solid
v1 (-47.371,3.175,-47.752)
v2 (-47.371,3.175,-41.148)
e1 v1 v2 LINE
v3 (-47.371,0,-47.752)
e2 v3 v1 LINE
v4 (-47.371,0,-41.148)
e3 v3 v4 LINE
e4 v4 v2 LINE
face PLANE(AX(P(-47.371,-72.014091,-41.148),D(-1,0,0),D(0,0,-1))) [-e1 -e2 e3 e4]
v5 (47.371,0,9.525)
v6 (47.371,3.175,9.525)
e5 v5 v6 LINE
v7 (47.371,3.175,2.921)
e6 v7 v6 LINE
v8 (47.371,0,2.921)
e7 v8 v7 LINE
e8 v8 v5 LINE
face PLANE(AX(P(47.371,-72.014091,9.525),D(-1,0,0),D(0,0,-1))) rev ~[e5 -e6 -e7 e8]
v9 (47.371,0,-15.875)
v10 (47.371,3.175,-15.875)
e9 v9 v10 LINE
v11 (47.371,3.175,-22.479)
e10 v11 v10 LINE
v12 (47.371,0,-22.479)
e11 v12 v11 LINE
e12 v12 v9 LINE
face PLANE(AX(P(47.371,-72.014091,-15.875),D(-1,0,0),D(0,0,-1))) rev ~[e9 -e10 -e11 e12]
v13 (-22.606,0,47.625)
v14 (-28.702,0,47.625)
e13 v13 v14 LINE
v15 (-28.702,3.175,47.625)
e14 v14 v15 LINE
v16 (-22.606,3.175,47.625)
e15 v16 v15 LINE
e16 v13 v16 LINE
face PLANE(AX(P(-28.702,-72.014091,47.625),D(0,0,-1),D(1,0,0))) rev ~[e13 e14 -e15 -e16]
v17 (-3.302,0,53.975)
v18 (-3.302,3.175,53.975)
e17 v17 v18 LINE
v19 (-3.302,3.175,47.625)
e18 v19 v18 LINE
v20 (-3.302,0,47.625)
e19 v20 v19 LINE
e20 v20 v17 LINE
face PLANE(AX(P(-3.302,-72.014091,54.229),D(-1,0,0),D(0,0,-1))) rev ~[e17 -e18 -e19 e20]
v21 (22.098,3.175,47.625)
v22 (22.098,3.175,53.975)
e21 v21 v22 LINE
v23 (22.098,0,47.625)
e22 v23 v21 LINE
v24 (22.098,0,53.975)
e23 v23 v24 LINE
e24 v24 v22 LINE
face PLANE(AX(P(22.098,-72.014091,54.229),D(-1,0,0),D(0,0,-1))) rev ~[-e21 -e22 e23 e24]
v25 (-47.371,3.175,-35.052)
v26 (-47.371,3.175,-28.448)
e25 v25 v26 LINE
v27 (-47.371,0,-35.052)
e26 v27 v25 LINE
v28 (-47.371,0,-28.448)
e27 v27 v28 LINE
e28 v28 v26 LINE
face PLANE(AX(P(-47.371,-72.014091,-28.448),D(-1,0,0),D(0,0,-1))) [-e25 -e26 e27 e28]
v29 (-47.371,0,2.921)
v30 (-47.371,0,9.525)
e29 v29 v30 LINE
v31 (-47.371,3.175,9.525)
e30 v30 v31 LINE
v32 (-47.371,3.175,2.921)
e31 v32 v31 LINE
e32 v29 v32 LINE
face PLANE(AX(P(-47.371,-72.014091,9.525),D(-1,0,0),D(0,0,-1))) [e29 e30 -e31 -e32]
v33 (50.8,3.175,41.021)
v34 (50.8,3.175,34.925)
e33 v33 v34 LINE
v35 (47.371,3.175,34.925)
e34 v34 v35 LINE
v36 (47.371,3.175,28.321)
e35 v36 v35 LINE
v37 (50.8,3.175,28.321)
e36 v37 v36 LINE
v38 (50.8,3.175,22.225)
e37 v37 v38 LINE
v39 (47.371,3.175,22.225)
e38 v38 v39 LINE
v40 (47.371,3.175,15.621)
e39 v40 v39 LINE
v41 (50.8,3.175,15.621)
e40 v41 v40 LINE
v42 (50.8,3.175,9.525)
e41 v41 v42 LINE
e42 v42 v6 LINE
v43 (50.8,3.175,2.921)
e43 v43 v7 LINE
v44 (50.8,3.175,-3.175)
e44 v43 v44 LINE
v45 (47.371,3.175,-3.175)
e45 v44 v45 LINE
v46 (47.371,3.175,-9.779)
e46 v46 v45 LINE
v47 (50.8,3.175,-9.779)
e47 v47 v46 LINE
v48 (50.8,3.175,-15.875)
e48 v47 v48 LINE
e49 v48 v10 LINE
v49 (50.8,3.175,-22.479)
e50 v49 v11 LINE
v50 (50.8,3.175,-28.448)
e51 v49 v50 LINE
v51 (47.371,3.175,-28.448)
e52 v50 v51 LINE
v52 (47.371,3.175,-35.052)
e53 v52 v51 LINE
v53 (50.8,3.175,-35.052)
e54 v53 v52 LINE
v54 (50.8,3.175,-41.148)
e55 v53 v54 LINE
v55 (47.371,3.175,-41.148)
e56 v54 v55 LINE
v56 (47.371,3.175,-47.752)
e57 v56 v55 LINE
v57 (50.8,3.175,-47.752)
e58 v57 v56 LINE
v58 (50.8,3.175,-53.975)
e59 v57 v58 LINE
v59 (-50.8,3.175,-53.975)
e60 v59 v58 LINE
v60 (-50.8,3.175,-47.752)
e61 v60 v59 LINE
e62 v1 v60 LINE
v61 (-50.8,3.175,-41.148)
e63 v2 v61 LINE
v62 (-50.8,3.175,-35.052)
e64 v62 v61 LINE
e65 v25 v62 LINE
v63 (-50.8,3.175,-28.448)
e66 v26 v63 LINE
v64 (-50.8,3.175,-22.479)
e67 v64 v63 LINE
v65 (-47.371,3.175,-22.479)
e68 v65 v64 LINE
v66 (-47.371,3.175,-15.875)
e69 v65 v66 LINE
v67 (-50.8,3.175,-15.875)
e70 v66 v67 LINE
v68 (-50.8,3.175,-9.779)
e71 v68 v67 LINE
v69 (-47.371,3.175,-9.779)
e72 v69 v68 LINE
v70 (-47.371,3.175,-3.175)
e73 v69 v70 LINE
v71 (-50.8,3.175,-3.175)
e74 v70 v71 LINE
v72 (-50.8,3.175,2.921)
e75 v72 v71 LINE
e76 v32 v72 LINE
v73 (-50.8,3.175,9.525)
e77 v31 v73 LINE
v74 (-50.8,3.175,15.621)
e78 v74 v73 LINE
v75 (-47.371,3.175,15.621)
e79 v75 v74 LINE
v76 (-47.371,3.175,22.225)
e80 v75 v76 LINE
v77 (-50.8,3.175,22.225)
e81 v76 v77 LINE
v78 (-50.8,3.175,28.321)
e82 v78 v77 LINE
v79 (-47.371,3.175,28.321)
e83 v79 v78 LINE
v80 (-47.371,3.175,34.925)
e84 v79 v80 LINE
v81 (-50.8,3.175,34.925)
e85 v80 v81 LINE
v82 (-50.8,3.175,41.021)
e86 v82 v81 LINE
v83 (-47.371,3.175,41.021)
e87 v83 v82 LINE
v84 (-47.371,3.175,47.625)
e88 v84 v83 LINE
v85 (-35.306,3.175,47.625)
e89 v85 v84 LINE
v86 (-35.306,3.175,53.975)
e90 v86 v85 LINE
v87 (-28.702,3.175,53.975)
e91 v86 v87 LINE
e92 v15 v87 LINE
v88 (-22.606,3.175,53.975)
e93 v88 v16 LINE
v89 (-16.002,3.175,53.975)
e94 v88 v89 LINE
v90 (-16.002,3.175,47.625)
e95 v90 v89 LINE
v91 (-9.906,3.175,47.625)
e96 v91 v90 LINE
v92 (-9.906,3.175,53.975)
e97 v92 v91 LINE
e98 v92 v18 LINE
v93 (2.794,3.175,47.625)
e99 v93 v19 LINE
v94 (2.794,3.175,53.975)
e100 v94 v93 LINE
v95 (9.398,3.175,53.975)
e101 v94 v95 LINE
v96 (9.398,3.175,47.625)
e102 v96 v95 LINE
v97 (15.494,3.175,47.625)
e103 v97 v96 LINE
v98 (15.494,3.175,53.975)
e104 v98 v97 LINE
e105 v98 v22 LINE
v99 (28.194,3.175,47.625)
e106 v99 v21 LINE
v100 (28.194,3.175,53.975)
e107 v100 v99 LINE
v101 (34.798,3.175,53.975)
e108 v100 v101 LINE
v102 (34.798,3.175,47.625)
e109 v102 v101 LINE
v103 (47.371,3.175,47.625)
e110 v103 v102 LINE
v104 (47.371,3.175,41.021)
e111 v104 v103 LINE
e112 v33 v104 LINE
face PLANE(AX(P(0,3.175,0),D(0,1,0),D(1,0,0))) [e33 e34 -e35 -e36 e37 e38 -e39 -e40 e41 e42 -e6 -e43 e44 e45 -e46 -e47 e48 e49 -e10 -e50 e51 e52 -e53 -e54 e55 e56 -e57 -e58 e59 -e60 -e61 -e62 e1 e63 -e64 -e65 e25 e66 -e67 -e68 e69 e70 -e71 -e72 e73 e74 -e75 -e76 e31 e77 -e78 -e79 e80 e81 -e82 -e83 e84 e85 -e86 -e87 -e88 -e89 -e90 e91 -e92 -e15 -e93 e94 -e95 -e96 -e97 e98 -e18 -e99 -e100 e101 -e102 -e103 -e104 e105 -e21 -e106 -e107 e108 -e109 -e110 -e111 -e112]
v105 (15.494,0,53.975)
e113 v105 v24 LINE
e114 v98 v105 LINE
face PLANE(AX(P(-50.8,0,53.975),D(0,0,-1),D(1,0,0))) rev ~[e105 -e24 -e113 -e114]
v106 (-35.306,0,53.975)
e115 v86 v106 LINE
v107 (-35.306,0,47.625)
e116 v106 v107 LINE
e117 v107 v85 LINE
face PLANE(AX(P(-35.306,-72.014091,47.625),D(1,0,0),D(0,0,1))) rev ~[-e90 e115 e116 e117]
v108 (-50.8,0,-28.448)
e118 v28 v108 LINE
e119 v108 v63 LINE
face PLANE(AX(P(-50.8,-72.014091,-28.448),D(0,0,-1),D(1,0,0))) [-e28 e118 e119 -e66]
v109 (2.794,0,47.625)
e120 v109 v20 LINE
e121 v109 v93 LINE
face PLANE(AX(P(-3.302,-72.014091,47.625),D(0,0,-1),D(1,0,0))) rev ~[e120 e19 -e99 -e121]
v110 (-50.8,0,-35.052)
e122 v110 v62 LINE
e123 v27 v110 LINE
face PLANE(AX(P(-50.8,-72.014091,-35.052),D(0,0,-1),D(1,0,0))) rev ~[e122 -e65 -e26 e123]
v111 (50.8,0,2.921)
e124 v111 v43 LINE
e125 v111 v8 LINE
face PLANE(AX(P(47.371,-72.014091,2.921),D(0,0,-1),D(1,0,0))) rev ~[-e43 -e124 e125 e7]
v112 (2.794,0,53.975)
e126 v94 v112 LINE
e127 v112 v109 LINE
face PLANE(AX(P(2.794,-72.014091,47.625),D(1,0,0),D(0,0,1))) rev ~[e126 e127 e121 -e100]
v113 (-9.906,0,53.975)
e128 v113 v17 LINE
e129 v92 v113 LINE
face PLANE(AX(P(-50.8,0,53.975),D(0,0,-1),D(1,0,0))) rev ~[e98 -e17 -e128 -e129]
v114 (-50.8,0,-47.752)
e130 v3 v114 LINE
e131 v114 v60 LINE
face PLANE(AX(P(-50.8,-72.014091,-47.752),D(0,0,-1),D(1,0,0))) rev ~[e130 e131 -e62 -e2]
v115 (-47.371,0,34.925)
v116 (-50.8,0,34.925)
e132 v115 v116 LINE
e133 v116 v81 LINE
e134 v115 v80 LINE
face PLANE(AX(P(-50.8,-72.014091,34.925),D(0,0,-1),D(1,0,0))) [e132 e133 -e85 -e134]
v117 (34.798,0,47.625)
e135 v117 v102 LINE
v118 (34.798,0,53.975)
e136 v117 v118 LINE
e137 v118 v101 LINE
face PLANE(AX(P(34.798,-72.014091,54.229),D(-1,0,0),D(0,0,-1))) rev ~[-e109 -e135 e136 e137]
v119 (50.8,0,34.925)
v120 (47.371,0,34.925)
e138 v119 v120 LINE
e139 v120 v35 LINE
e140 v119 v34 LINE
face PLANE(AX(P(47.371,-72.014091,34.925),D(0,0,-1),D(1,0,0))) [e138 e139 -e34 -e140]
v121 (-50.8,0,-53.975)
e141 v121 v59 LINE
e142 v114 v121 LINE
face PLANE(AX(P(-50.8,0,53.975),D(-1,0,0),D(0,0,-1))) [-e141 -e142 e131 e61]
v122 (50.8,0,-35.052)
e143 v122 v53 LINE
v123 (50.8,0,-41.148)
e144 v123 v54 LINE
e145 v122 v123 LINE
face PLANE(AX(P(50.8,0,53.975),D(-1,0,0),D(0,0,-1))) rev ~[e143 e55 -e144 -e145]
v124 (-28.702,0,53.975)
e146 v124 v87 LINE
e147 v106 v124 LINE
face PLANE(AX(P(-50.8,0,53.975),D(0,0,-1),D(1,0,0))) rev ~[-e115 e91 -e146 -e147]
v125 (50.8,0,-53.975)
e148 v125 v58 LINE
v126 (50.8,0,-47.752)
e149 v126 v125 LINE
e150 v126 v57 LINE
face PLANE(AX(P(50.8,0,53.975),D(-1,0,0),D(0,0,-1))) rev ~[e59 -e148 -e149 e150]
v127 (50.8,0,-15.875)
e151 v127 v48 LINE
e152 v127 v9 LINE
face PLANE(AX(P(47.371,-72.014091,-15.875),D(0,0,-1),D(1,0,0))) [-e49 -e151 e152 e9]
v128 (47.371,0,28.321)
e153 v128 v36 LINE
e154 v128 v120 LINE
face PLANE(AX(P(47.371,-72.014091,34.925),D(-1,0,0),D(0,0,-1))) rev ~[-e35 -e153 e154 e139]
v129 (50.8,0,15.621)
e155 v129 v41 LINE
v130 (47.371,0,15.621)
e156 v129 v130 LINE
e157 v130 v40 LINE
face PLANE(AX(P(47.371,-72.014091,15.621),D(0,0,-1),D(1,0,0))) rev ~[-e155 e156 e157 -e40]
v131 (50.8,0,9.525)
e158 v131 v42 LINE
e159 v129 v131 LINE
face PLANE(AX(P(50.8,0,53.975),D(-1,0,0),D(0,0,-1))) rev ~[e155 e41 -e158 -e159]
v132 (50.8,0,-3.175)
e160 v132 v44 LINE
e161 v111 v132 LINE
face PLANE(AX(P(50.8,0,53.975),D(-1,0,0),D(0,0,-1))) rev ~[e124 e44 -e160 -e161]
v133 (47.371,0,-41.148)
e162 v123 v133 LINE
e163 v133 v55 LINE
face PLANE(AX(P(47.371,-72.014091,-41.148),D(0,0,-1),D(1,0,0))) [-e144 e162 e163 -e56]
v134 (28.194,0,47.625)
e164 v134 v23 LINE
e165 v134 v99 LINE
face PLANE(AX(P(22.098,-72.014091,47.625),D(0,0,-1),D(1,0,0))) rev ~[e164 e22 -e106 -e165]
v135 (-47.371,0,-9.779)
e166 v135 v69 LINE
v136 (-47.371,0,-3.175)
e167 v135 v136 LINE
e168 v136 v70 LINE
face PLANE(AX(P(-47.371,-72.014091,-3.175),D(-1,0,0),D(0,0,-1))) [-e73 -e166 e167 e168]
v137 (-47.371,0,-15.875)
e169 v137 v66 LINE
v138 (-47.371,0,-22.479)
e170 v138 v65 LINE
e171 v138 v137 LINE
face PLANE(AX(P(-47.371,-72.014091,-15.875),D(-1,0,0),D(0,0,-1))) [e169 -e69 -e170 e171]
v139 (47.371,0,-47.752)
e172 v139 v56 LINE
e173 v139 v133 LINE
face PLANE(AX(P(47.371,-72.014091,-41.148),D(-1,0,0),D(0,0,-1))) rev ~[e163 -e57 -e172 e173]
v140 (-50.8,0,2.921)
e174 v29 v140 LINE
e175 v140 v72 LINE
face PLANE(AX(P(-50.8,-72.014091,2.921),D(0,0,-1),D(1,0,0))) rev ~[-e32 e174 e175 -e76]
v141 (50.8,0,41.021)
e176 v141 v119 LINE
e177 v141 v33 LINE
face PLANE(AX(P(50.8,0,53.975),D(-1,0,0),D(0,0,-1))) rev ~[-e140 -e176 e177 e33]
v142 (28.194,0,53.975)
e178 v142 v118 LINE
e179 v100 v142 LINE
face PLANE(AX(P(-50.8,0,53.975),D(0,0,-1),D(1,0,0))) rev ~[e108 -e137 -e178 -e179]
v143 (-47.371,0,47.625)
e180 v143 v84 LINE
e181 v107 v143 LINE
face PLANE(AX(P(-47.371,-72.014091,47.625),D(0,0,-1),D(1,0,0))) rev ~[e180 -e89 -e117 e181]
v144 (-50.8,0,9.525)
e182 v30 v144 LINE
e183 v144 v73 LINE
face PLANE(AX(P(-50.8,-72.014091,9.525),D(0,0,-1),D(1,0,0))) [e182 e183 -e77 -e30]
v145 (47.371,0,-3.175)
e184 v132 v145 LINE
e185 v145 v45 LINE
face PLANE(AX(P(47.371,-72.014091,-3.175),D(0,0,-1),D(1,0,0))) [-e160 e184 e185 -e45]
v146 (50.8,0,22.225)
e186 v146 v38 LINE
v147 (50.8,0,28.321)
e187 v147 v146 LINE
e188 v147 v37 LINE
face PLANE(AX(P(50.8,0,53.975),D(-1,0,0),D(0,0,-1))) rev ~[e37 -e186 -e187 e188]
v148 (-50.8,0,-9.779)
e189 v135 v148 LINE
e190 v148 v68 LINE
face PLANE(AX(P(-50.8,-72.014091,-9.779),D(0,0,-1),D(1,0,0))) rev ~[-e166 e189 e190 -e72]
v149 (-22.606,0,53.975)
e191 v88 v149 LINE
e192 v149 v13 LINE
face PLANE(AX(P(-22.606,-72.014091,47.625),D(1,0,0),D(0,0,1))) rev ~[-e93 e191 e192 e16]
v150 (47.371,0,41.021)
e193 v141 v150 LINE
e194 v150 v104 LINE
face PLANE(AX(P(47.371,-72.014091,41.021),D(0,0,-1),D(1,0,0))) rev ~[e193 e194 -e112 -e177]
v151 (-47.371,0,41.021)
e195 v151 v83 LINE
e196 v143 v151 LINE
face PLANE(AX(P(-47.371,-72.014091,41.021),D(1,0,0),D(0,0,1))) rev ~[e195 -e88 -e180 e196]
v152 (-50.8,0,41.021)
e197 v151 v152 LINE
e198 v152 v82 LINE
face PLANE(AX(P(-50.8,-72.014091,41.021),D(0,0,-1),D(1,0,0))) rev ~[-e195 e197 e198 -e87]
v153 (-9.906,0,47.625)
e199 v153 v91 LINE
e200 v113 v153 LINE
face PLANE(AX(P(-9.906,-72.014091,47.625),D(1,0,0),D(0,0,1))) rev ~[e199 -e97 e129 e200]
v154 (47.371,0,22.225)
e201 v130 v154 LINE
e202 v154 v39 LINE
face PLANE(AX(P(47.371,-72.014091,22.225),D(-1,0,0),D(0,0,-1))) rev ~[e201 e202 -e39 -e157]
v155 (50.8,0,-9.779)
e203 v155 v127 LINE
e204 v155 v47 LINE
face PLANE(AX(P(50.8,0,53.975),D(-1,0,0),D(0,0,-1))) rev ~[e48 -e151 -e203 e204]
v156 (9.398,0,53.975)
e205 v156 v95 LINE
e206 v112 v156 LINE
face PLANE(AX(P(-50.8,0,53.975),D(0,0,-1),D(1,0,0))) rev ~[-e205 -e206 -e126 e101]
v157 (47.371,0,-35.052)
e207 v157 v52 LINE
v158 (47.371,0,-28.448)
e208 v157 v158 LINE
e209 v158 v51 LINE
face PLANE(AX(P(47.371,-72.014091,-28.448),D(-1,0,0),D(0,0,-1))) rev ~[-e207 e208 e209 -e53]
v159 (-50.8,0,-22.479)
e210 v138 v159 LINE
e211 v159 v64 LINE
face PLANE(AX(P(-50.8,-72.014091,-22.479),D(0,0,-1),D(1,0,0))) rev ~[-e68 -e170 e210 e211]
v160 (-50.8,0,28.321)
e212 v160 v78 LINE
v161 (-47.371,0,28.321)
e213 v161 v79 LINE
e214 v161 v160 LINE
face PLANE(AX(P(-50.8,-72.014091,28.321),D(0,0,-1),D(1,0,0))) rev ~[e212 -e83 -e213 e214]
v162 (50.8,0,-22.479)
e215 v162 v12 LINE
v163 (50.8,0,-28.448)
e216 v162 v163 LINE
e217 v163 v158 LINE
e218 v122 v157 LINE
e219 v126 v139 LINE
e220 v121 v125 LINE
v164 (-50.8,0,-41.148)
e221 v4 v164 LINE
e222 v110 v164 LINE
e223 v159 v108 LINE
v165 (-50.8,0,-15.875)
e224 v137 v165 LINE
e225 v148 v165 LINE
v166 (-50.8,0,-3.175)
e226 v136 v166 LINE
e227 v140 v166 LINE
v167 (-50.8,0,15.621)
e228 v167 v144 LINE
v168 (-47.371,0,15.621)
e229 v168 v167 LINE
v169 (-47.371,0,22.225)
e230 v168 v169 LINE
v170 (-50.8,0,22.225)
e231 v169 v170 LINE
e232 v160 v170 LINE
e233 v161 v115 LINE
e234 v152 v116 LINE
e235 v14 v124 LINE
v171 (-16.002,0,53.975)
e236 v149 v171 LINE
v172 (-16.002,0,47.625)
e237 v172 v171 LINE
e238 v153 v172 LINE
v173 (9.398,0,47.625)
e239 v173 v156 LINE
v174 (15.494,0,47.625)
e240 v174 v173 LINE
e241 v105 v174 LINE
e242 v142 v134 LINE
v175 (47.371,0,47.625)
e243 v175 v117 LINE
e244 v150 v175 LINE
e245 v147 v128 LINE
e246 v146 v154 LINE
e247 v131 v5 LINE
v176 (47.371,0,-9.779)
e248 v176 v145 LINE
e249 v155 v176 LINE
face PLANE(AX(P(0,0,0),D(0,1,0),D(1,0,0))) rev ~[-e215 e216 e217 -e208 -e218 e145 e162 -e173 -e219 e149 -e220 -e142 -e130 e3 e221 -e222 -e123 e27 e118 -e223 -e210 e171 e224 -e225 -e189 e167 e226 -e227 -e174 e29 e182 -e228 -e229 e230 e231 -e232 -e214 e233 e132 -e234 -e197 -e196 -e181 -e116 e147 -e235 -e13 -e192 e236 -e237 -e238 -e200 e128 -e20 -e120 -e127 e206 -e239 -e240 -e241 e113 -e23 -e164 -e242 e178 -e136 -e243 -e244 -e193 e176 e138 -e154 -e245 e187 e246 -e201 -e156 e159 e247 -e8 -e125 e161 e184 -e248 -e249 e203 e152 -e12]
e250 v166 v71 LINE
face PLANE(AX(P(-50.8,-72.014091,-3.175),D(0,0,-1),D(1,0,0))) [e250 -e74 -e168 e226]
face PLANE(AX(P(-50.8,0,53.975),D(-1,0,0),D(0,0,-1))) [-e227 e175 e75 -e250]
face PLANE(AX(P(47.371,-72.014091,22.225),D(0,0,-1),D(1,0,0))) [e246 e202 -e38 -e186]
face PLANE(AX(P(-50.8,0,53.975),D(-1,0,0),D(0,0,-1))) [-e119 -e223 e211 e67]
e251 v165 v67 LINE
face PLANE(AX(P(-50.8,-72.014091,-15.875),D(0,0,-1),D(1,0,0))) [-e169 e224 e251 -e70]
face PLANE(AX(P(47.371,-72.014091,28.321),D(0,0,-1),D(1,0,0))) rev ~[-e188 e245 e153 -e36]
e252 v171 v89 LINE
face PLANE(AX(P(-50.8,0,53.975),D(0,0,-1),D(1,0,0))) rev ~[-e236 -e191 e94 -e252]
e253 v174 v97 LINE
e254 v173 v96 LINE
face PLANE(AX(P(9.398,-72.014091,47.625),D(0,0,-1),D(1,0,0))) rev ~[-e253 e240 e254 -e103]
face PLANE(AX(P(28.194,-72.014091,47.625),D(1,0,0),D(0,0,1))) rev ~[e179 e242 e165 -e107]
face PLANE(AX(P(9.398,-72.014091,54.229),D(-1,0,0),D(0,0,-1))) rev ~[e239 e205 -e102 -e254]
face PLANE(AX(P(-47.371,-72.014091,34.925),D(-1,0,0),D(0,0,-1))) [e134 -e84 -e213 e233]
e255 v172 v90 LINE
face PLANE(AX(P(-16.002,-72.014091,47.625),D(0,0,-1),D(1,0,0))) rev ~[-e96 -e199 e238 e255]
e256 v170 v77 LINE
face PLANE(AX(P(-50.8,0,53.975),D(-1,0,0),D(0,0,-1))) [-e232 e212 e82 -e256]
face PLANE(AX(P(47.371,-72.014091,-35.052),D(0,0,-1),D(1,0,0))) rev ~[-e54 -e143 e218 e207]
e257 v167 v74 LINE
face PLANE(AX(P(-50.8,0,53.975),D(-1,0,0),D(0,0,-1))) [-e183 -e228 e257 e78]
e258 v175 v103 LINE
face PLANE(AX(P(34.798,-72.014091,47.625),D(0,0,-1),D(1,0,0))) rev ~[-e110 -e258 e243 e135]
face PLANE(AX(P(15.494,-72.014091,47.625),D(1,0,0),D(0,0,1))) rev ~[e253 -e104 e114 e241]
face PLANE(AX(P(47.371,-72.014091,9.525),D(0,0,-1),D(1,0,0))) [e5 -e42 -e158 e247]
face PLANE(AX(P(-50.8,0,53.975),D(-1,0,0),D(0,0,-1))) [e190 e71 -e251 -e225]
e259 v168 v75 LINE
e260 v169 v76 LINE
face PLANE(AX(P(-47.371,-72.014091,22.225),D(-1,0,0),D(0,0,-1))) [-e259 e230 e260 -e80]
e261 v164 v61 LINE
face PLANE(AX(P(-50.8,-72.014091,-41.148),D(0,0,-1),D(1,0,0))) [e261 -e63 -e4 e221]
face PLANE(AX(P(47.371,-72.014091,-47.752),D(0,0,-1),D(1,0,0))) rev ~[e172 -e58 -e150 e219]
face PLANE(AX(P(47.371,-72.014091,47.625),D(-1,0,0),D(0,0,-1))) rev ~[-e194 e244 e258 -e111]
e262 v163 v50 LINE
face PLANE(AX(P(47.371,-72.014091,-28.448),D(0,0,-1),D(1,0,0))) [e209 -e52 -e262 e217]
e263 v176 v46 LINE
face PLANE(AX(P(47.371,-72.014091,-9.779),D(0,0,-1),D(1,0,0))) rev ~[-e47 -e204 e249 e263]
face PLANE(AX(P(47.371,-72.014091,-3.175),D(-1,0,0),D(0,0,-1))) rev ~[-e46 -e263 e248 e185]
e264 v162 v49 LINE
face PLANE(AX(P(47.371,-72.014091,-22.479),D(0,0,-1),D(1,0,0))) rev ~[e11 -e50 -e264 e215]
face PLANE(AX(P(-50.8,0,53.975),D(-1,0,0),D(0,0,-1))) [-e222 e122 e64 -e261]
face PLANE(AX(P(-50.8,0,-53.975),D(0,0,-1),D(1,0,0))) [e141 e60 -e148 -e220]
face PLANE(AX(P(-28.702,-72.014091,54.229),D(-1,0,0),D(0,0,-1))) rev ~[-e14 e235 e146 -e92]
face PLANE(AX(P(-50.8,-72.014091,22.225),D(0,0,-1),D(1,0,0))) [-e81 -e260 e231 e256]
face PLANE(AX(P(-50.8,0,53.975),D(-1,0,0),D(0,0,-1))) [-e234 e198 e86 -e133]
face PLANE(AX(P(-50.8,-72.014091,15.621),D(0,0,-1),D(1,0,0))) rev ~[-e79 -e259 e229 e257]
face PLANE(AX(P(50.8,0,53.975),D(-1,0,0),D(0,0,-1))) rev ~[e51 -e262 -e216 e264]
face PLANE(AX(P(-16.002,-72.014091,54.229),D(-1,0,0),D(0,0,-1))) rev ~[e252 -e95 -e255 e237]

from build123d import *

# Parameters (mm, degrees)
SKETCH1_W               = 101.6
SKETCH1_H               = 107.95
BOSS_EXTRUDE1_DEPTH     = 3.175
CUT_EXTRUDE1_DEPTH      = 75.189091179
CUT_EXTRUDE1_DEPTH_BACK = 75.189091179
SKETCH2_W               = 3.429
SKETCH2_H               = 6.604


with BuildPart() as part:
    # Sketch1 → Boss-Extrude1 (new body)
    with BuildSketch(Plane(origin=(0, 0, 0), x_dir=(1, 0, 0), z_dir=(0, 1, 0))):
        Rectangle(SKETCH1_W, SKETCH1_H)
    extrude(amount=BOSS_EXTRUDE1_DEPTH)

    # Sketch2 → Cut-Extrude1 (cut, two sides: drawn at the far end of the back side and taken through both)
    with BuildSketch(Plane(origin=(0, 3.175, 0), x_dir=(1, 0, 0), z_dir=(0, 1, 0)).offset(-CUT_EXTRUDE1_DEPTH_BACK)):
        Polygon((22.098, -47.625), (28.194, -47.625), (28.194, -54.229), (34.798, -54.229), (34.798, -47.625), (47.371, -47.625), (47.371, -41.021), (50.8, -41.021), (50.8, -47.625), (50.8, -92.544961432), (-50.8, -92.544961432), (-50.8, -47.625), (-50.8, -41.021), (-47.371, -41.021), (-47.371, -47.625), (-35.306, -47.625), (-35.306, -54.229), (-28.702, -54.229), (-28.702, -47.625), (-22.606, -47.625), (-22.606, -54.229), (-16.002, -54.229), (-16.002, -47.625), (-9.906, -47.625), (-9.906, -54.229), (-3.302, -54.229), (-3.302, -47.625), (2.794, -47.625), (2.794, -54.229), (9.398, -54.229), (9.398, -47.625), (15.494, -47.625), (15.494, -54.229), (22.098, -54.229), align=None)
        with Locations((-49.0855, 31.75)):
            Rectangle(SKETCH2_W, SKETCH2_H)
        with Locations((-49.0855, 19.177)):
            Rectangle(SKETCH2_W, SKETCH2_H)
        with Locations((-49.0855, 6.477)):
            Rectangle(SKETCH2_W, SKETCH2_H)
        with Locations((-49.0855, -6.223)):
            Rectangle(SKETCH2_W, SKETCH2_H)
        with Locations((-49.0855, -18.923)):
            Rectangle(SKETCH2_W, SKETCH2_H)
        with Locations((-49.0855, -31.623)):
            Rectangle(SKETCH2_W, SKETCH2_H)
        with Locations((49.0855, -31.623)):
            Rectangle(SKETCH2_W, SKETCH2_H)
        with Locations((49.0855, -18.923)):
            Rectangle(SKETCH2_W, SKETCH2_H)
        with Locations((49.0855, -6.223)):
            Rectangle(SKETCH2_W, SKETCH2_H)
        with Locations((49.0855, 6.477)):
            Rectangle(SKETCH2_W, SKETCH2_H)
        with Locations((49.0855, 19.177)):
            Rectangle(SKETCH2_W, SKETCH2_H)
        with Locations((49.0855, 31.75)):
            Rectangle(SKETCH2_W, SKETCH2_H)
        with Locations((49.0855, 44.45)):
            Rectangle(SKETCH2_W, SKETCH2_H)
        with Locations((-49.0855, 44.45)):
            Rectangle(SKETCH2_W, SKETCH2_H)
    extrude(amount=CUT_EXTRUDE1_DEPTH + CUT_EXTRUDE1_DEPTH_BACK, mode=Mode.SUBTRACT)


solid = part.part
